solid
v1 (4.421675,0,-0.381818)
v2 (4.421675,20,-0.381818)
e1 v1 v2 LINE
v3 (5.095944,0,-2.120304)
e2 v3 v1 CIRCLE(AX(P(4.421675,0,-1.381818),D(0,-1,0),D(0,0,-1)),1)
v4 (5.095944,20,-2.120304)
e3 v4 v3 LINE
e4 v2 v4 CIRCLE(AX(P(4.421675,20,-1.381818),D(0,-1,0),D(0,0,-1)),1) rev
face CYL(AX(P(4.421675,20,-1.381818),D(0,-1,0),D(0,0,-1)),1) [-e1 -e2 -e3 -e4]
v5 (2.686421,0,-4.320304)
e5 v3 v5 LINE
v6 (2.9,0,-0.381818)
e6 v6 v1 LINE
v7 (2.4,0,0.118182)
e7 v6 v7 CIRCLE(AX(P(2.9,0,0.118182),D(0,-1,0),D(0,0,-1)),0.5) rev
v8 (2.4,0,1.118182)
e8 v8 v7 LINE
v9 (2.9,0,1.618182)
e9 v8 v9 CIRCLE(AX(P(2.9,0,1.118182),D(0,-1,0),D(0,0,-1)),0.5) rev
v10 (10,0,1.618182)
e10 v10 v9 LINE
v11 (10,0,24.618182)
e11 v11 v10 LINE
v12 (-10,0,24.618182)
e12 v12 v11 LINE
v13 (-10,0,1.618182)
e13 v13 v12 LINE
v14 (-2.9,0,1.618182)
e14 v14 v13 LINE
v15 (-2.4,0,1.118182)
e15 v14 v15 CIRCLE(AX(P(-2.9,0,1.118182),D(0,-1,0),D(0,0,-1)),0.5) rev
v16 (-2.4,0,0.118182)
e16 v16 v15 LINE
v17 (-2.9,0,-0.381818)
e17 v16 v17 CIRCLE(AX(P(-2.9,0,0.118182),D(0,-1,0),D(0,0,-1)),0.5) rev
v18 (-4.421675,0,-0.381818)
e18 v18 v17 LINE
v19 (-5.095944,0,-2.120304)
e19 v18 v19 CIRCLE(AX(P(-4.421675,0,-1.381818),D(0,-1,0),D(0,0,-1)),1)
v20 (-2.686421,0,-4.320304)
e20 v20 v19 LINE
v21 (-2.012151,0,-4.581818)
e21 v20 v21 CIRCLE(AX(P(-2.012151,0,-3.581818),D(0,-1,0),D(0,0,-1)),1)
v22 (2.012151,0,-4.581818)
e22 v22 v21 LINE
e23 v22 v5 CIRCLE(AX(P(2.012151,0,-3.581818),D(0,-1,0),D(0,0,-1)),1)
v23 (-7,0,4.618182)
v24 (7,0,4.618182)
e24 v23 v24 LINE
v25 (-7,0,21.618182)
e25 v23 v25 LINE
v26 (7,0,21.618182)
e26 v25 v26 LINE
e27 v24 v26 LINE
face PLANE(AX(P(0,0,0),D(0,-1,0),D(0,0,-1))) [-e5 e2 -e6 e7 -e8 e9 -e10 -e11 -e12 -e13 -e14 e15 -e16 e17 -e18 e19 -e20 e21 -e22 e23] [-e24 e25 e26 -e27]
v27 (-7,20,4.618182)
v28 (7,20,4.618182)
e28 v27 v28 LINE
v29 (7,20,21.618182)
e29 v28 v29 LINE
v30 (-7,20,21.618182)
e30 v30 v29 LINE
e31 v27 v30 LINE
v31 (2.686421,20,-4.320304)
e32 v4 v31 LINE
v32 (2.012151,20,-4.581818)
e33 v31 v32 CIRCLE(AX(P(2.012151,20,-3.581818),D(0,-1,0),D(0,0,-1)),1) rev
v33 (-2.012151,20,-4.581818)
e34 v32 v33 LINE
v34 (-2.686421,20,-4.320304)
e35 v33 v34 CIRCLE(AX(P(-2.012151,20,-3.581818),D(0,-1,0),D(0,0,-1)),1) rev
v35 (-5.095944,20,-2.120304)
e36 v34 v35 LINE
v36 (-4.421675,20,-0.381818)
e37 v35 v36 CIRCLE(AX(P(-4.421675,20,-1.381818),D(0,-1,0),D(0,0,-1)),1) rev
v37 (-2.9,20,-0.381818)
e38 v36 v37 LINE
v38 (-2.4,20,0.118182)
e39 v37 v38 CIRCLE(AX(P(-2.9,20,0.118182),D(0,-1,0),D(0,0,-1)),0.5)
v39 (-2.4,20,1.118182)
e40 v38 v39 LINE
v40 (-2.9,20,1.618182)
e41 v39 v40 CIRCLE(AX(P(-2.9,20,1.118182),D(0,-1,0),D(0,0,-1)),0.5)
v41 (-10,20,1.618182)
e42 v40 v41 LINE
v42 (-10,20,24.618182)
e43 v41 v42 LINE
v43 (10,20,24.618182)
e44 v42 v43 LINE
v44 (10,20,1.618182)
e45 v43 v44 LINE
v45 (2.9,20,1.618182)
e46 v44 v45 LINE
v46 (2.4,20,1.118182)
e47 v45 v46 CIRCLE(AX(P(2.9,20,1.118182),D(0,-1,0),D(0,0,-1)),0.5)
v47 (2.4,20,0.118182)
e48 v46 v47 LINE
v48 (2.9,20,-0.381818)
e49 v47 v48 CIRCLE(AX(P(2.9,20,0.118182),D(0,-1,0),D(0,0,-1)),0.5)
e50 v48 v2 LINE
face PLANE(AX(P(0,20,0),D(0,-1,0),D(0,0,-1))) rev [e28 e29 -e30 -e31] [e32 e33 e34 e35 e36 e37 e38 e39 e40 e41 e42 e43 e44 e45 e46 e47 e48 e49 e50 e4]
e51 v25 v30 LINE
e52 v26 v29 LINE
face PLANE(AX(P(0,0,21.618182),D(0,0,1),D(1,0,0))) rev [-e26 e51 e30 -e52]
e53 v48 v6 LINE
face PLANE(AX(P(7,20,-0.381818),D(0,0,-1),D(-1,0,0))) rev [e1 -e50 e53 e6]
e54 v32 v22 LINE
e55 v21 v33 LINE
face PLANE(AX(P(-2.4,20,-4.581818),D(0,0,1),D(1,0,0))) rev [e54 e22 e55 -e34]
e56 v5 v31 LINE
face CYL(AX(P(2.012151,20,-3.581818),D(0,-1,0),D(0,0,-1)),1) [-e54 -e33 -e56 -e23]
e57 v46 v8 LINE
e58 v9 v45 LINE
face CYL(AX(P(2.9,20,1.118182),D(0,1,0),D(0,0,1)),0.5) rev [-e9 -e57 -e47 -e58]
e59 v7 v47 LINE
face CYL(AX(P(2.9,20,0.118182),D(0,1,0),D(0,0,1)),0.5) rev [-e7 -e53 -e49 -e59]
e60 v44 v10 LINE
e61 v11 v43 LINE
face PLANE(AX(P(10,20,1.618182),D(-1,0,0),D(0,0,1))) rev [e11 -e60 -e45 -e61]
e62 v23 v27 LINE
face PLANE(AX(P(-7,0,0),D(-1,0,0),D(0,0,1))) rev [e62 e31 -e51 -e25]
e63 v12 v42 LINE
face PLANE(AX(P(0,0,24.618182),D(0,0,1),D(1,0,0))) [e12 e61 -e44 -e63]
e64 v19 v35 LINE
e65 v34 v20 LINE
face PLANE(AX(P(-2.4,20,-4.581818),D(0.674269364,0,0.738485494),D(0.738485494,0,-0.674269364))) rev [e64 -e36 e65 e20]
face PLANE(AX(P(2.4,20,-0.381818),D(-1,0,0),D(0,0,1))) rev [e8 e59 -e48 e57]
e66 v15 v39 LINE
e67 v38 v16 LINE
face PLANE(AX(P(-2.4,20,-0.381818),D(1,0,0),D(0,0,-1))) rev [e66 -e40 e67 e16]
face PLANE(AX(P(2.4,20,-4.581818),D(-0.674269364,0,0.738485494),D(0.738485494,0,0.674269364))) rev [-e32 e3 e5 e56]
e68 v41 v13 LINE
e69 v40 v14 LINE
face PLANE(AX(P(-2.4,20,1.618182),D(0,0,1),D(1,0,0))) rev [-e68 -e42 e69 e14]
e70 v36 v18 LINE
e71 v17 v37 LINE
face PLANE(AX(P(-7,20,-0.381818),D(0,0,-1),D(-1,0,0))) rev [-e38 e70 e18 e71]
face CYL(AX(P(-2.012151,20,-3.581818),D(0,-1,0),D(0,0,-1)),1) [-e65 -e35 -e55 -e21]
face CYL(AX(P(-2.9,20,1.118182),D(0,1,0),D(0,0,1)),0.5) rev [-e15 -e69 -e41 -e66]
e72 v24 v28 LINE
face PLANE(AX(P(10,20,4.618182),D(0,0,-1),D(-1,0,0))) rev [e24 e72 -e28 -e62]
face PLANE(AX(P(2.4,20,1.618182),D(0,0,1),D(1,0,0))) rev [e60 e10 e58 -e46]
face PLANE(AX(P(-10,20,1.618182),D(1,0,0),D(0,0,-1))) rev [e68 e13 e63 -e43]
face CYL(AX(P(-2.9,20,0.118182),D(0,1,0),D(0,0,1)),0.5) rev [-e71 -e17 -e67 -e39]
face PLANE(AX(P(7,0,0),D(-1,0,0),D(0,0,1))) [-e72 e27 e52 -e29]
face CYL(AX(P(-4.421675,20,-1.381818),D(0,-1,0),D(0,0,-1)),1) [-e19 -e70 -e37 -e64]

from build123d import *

# Parameters (mm, degrees)
BOSS_EXTRUDE1_DEPTH = 20
FILLET1_R           = 1
FILLET2_R           = 0.5
BOSS_EXTRUDE2_DEPTH = 20


with BuildPart() as part:
    # Sketch1 → Boss-Extrude1 (new body)
    with BuildSketch(Plane(origin=(0, 0, 0), x_dir=(1, 0, 0), z_dir=(0, 1, 0))):
        Polygon((-2.4, 4.581818182), (2.4, 4.581818182), (7, 0.381818182), (2.4, 0.381818182), (2.4, -1.618181818), (10, -1.618181818), (10, -4.618181818), (-10, -4.618181818), (-10, -1.618181818), (-2.4, -1.618181818), (-2.4, 0.381818182), (-7, 0.381818182), align=None)
    extrude(amount=BOSS_EXTRUDE1_DEPTH)

    # Fillet1
    fillet1_edges = [part.edges().sort_by_distance(p)[0] for p in [
        (7, 10, -0.381818182),
        (-7, 10, -0.381818182),
        (-2.4, 10, -4.581818182),
        (2.4, 10, -4.581818182),
    ]]
    fillet(fillet1_edges, radius=FILLET1_R)

    # Fillet2
    fillet2_edges = [part.edges().sort_by_distance(p)[0] for p in [
        (2.4, 10, -0.381818182),
        (2.4, 10, 1.618181818),
        (-2.4, 10, 1.618181818),
        (-2.4, 10, -0.381818182),
    ]]
    fillet(fillet2_edges, radius=FILLET2_R)

    # Sketch2 → Boss-Extrude2 (add)
    with BuildSketch(Plane(origin=(0, 20, 0), x_dir=(1, 0, 0), z_dir=(0, 1, 0))):
        Polygon((-7, -4.618181818), (-10, -4.618181818), (-10, -24.618181818), (10, -24.618181818), (10, -4.618181818), (7, -4.618181818), (7, -21.618181818), (-7, -21.618181818), align=None)
    extrude(amount=-BOSS_EXTRUDE2_DEPTH)


solid = part.part
